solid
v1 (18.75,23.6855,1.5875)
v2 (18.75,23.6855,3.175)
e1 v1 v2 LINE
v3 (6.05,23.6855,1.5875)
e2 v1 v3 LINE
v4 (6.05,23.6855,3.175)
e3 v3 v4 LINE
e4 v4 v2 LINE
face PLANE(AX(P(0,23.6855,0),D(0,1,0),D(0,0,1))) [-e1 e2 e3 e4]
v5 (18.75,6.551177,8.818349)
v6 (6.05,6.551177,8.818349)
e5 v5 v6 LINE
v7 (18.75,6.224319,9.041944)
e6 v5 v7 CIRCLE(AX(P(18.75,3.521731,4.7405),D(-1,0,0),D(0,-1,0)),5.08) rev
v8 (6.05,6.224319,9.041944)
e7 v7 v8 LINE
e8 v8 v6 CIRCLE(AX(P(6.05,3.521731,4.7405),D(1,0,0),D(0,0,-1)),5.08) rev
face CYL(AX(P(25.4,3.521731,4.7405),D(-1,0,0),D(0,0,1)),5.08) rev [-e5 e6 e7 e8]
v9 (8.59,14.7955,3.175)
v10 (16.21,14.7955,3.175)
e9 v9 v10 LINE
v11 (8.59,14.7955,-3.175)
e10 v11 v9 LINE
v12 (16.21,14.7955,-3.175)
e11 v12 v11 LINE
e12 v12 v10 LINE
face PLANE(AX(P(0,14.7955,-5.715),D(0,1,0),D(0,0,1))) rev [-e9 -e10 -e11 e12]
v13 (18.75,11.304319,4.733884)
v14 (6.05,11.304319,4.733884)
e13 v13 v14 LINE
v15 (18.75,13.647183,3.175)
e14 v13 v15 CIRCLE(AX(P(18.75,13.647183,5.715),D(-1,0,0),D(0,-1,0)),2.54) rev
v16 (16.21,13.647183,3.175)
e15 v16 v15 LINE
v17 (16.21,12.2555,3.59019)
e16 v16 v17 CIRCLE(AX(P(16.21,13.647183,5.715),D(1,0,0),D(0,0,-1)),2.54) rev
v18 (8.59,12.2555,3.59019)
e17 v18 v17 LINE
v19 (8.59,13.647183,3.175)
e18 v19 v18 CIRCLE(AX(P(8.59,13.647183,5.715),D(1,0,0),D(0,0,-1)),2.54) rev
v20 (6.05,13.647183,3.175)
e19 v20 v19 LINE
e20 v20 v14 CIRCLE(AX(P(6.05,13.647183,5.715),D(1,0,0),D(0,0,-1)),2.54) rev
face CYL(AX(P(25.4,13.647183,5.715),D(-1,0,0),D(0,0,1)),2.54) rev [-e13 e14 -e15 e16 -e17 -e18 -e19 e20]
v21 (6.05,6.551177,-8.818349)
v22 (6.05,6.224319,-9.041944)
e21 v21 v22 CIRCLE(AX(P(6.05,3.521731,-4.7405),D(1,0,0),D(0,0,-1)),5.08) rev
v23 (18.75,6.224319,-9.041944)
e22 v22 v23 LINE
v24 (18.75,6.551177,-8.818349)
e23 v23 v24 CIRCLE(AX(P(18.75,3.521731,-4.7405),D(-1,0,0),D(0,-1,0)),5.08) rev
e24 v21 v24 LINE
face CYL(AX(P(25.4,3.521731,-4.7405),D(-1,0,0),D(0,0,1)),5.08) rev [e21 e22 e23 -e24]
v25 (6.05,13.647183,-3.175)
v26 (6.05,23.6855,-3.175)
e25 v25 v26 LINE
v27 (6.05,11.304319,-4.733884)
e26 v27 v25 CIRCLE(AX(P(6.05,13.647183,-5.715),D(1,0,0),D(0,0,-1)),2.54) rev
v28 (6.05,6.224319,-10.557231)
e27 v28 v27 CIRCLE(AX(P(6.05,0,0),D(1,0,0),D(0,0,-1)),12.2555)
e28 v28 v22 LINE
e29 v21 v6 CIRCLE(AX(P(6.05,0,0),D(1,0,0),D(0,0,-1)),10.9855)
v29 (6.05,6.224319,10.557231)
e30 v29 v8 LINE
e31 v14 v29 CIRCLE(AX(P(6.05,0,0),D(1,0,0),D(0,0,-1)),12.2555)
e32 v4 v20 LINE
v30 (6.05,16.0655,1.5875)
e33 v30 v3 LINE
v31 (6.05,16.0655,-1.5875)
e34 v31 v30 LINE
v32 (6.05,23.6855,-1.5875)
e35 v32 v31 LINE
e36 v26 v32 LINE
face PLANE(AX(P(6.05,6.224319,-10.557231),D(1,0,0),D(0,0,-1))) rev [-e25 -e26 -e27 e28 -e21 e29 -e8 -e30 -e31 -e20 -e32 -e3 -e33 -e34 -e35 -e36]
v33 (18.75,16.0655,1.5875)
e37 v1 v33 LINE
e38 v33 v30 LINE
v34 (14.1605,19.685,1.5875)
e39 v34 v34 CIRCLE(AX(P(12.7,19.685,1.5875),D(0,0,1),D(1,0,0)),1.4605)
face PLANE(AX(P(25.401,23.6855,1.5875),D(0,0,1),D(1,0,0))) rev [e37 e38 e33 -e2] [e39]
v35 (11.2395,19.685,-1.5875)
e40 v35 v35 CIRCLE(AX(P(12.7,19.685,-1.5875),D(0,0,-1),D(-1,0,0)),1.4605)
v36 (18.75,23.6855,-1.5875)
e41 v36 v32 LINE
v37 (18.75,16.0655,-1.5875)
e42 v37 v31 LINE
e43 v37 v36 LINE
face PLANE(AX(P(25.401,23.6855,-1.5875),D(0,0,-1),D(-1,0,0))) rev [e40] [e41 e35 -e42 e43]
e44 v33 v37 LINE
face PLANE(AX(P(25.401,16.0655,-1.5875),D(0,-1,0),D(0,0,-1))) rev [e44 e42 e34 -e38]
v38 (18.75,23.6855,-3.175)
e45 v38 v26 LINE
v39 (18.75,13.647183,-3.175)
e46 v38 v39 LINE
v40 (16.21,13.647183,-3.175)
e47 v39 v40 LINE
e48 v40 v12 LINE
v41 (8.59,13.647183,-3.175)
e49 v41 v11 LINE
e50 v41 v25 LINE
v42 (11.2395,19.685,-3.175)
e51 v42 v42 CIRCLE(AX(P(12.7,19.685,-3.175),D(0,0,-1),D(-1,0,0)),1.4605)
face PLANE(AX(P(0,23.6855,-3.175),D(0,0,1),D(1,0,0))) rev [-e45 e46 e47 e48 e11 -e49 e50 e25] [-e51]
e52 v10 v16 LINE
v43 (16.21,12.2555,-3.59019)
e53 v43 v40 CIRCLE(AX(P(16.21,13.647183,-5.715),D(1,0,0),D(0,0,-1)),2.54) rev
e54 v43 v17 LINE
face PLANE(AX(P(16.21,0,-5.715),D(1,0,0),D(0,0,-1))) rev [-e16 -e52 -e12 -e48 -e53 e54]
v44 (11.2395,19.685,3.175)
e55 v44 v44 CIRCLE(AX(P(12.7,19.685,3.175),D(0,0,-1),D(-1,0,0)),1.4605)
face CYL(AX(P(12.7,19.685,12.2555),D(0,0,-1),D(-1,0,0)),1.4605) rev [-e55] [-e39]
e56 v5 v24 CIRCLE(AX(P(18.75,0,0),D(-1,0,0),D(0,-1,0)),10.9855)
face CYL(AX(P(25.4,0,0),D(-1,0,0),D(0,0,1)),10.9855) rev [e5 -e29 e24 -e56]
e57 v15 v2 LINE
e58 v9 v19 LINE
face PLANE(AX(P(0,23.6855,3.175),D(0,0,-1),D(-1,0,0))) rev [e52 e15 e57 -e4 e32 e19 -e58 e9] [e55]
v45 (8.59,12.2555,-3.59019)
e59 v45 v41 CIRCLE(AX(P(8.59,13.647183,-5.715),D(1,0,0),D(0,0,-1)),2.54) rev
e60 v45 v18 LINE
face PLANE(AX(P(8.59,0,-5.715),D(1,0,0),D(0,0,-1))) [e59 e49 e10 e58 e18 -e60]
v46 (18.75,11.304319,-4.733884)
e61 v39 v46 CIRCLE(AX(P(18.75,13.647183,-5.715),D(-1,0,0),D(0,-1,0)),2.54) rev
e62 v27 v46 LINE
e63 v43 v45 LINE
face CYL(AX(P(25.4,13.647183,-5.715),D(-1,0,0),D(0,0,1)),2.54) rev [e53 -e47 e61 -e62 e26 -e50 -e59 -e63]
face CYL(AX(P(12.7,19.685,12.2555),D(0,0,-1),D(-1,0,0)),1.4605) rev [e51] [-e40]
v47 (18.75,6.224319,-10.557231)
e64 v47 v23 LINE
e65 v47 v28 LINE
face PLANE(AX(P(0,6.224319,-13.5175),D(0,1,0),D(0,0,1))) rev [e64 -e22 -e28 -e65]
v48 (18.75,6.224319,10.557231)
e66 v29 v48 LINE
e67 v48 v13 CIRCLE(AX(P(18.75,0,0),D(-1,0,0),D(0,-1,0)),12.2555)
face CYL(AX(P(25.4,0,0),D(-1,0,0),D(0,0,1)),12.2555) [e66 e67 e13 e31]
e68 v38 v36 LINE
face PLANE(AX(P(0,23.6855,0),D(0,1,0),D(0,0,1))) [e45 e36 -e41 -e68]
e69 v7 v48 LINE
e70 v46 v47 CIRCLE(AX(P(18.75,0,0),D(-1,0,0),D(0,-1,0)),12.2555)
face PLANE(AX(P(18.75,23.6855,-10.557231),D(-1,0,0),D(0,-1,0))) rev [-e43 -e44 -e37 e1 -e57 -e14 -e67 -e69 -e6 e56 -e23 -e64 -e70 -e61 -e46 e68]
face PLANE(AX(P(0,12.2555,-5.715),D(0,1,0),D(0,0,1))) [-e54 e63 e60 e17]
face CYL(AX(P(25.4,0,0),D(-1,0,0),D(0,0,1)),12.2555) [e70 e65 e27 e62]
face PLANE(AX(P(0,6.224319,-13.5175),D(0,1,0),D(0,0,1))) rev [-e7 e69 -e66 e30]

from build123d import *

# Parameters (mm, degrees)
SKETCH1_R                            = 12.2555
SKETCH1_R_2                          = 10.9855
BOSS_EXTRUDE1_DEPTH                  = 25.4
CUT_EXTRUDE1_DEPTH                   = 31.749870902
CUT_EXTRUDE1_DEPTH_BACK              = 31.749870902
SKETCH2_W                            = 7.874
SKETCH2_H                            = 0.935
SKETCH8_W                            = 25.4
SKETCH8_H                            = 6.35
BOSS_EXTRUDE2_DEPTH                  = 11.43
BOSS_EXTRUDE2_DIRECTION_2_REACH      = 39.365
BOSS_EXTRUDE2_DIRECTION_2_END_RADIUS = 12.2555
SKETCH9_R                            = 1.4605
CUT_EXTRUDE6_DEPTH                   = 39.003463533
SKETCH10_W                           = 3.175
SKETCH10_H                           = 7.62
CUT_EXTRUDE7_DEPTH                   = 25.4
FILLET2_R                            = 2.54
SKETCH11_R                           = 10.9855
CUT_EXTRUDE8_DEPTH                   = 37.82879567
SKETCH12_R                           = 1.2875
BOSS_EXTRUDE3_DEPTH                  = 2.196999908
BOSS_EXTRUDE4_START                  = -25.4
BOSS_EXTRUDE4_DEPTH                  = 25.4
FILLET3_R                            = 5.08
FILLET3_OF_MIRROR2_R                 = 5.08
CUT_EXTRUDE9_DEPTH                   = 43.697648058
CUT_EXTRUDE9_DEPTH_BACK              = 43.697648058
SKETCH13_W                           = 17.526
SKETCH13_H                           = 2.120056883
SKETCH13_W_2                         = 0.599999908
SKETCH13_H_2                         = 18.990443025
FILLET4_R                            = 5.08
CUT_EXTRUDE10_DEPTH                  = 37.861439453
CUT_EXTRUDE10_DEPTH_BACK             = 37.861439453
SKETCH17_W                           = 24.800000092
SKETCH17_H                           = 8.799318797
CUT_EXTRUDE11_DEPTH                  = 2.54
CUT_EXTRUDE11_DEPTH_BACK             = 37.940724096
SKETCH18_W                           = 7.62
SKETCH18_H                           = 1.148317315
SKETCH18_H_2                         = 1.391682685
CUT_EXTRUDE12_DEPTH                  = 36.881723087
CUT_EXTRUDE12_DEPTH_BACK             = 36.881723087
SKETCH19_W                           = 6.050000046
SKETCH19_H                           = 17.461181295


with BuildPart() as part:
    # Sketch1 → Boss-Extrude1 (new body)
    with BuildSketch(Plane(origin=(0, 0, 0), x_dir=(0, 0, -1), z_dir=(1, 0, 0))):
        Circle(SKETCH1_R)
        Circle(SKETCH1_R_2, mode=Mode.SUBTRACT)
    extrude(amount=BOSS_EXTRUDE1_DEPTH)

    # Sketch2 → Cut-Extrude1 (cut, two sides: drawn at the far end of the back side and taken through both)
    with BuildSketch(Plane(origin=(0, 0, 0), x_dir=(1, 0, 0), z_dir=(0, 1, 0)).offset(-CUT_EXTRUDE1_DEPTH_BACK)):
        with Locations((21.463, 11.788)):
            Rectangle(SKETCH2_W, SKETCH2_H)
        with Locations((21.463, -11.788)):
            Rectangle(SKETCH2_W, SKETCH2_H)
    extrude(amount=CUT_EXTRUDE1_DEPTH + CUT_EXTRUDE1_DEPTH_BACK, mode=Mode.SUBTRACT)

    # Sketch8 → Boss-Extrude2 (add)
    with BuildSketch(Plane(origin=(0, 12.2555, 0), x_dir=(1, 0, 0), z_dir=(0, 1, 0))):
        with Locations((12.7, 0)):
            Rectangle(SKETCH8_W, SKETCH8_H)
    extrude(amount=BOSS_EXTRUDE2_DEPTH)

    # Boss-Extrude2 direction 2: up to this cylinder (the profile starts outside it)
    boss_extrude2_direction_2_end = Plane(origin=(12.7, 0, 0), z_dir=(-1, 0, 0)) * Cylinder(BOSS_EXTRUDE2_DIRECTION_2_END_RADIUS, 104.241, mode=Mode.PRIVATE)
    # Sketch8 → Boss-Extrude2 direction 2 (add, up to the surface)
    with BuildSketch(Plane(origin=(0, 12.2555, 0), x_dir=(1, 0, 0), z_dir=(0, 1, 0)), mode=Mode.PRIVATE) as boss_extrude2_direction_2_sk1:
        with Locations((12.7, 0)):
            Rectangle(SKETCH8_W, SKETCH8_H)
    boss_extrude2_direction_2_tool1 = extrude(boss_extrude2_direction_2_sk1.sketch, amount=-BOSS_EXTRUDE2_DIRECTION_2_REACH, mode=Mode.PRIVATE) - boss_extrude2_direction_2_end
    add(boss_extrude2_direction_2_tool1.solids().sort_by_distance((12.7, 12.2555, 0))[0])
    add(boss_extrude2_direction_2_tool1.solids().sort_by_distance((12.7, 12.2555, 0))[1])

    # Sketch9 → Cut-Extrude6 (cut, through all)
    with BuildSketch(Plane(origin=(0, 0, -3.175), x_dir=(-1, 0, 0), z_dir=(0, 0, -1))):
        with Locations((-12.7, 19.685)):
            Circle(SKETCH9_R)
    extrude(amount=-CUT_EXTRUDE6_DEPTH, mode=Mode.SUBTRACT)

    # Sketch10 → Cut-Extrude7 (cut)
    with BuildSketch(Plane.ZY):
        with Locations((0, 19.8755)):
            Rectangle(SKETCH10_W, SKETCH10_H)
    extrude(amount=-CUT_EXTRUDE7_DEPTH, mode=Mode.SUBTRACT)

    # Fillet2
    fillet2_edges = [part.edges().sort_by_distance(p)[0] for p in [
        (12.7, 11.837088124, 3.175),
        (12.7, 11.837088124, -3.175),
    ]]
    fillet(fillet2_edges, radius=FILLET2_R)

    # Sketch11 → Cut-Extrude8 (cut, through all)
    with BuildSketch(Plane(origin=(25.4, 0, 0), x_dir=(0, 0, -1), z_dir=(1, 0, 0))):
        with BuildLine():
            ThreePointArc((-10.9855, 0), (-10.718799827, -2.405938595), (-9.931648919, -4.695056975))
            Line((-9.931648919, -4.695056975), (9.931648919, -4.695056975))
            ThreePointArc((9.931648919, -4.695056975), (10.718799827, -2.405938595), (10.9855, 0))
            Line((10.9855, 0), (-10.9855, 0))
        make_face()
        with BuildLine():
            Line((9.931648919, -4.695056975), (-9.931648919, -4.695056975))
            ThreePointArc((-9.931648919, -4.695056975), (0, -10.9855), (9.931648919, -4.695056975))
        make_face()
        Circle(SKETCH11_R)
        with BuildLine():
            Line((-11.3205, -4.695056975), (11.3205, -4.695056975))
            ThreePointArc((11.3205, -4.695056975), (0, -12.2555), (-11.3205, -4.695056975))
        make_face()
        with BuildLine():
            Line((-11.3205, -4.695056975), (-11.3205, -12.703036631))
            Line((-11.3205, -12.703036631), (11.3205, -12.703036631))
            Line((11.3205, -12.703036631), (11.3205, -4.695056975))
            ThreePointArc((11.3205, -4.695056975), (0, -12.2555), (-11.3205, -4.695056975))
        make_face()
        with BuildLine():
            Line((-10.9855, 0), (-10.9855, -4.695056975))
            Line((-10.9855, -4.695056975), (-9.931648919, -4.695056975))
            ThreePointArc((-9.931648919, -4.695056975), (-10.718799827, -2.405938595), (-10.9855, 0))
        make_face()
        with BuildLine():
            Line((9.931648919, -4.695056975), (10.9855, -4.695056975))
            Line((10.9855, -4.695056975), (10.9855, 0))
            ThreePointArc((10.9855, 0), (10.718799827, -2.405938595), (9.931648919, -4.695056975))
        make_face()
    extrude(amount=-CUT_EXTRUDE8_DEPTH, mode=Mode.SUBTRACT)

    # Sketch12 → Boss-Extrude3 (add)
    with BuildSketch(Plane(origin=(0, 0, -11.3205), x_dir=(-1, 0, 0), z_dir=(0, 0, -1))):
        with Locations(Location((-22.225, 0, 0), (0, 0, 180))):
            Circle(SKETCH12_R)
    boss_extrude3 = extrude(amount=BOSS_EXTRUDE3_DEPTH)

    # Mirror1: Boss-Extrude3 across plane
    add(boss_extrude3.mirror(Plane.XY))

    # Sketch14 → Boss-Extrude4 (add)
    with BuildSketch(Plane(origin=(25.4, 0, 0), x_dir=(0, 0, -1), z_dir=(1, 0, 0)).offset(BOSS_EXTRUDE4_START)):
        with BuildLine():
            ThreePointArc((-9.8205, 4.923310878), (-10.690283275, 2.529635102), (-10.9855, 0))
            Line((-10.9855, 0), (-10.9855, -4.695056975))
            Line((-10.9855, -4.695056975), (-9.8205, -4.695056975))
            Line((-9.8205, -4.695056975), (-9.8205, 4.923310878))
        make_face()
    boss_extrude4 = extrude(amount=BOSS_EXTRUDE4_DEPTH)

    # Fillet3
    fillet3_edges = [part.edges().sort_by_distance(p)[0] for p in [
        (12.7, 4.923310878, 9.8205),
    ]]
    fillet(fillet3_edges, radius=FILLET3_R)

    # Mirror2: Boss-Extrude4 across plane
    add(boss_extrude4.mirror(Plane.XY))

    # Fillet3 of Mirror2
    fillet3_of_mirror2_edges = [part.edges().sort_by_distance(p)[0] for p in [
        (12.7, 4.923310878, -9.8205),
    ]]
    fillet(fillet3_of_mirror2_edges, radius=FILLET3_OF_MIRROR2_R)

    # Sketch13 → Cut-Extrude9 (cut, two sides: drawn at the far end of the back side and taken through both)
    with BuildSketch(Plane(origin=(0, 0, -11.3205), x_dir=(-1, 0, 0), z_dir=(0, 0, -1)).offset(-CUT_EXTRUDE9_DEPTH_BACK)):
        with BuildLine():
            ThreePointArc((-22.225, -2.575000092), (-24.045800027, -1.820800027), (-24.800000092, 0))
            Line((-24.800000092, 0), (-24.800000092, 4.695056975))
            Line((-24.800000092, 4.695056975), (-25.4, 4.695056975))
            Line((-25.4, 4.695056975), (-25.4, -4.695056975))
            Line((-25.4, -4.695056975), (-17.526, -4.695056975))
            Line((-17.526, -4.695056975), (-17.526, -2.575000092))
            Line((-17.526, -2.575000092), (-22.225, -2.575000092))
        make_face()
        with Locations((-8.763, -3.635028533)):
            Rectangle(SKETCH13_W, SKETCH13_H)
        with Locations((-25.100000046, 14.190278488)):
            Rectangle(SKETCH13_W_2, SKETCH13_H_2)
    extrude(amount=CUT_EXTRUDE9_DEPTH + CUT_EXTRUDE9_DEPTH_BACK, mode=Mode.SUBTRACT)

    # Fillet4
    fillet4_edges = [part.edges().sort_by_distance(p)[0] for p in [
        (24.800000092, 23.6855, -2.38125),
        (24.800000092, 23.6855, 2.38125),
        (0, 23.6855, -2.38125),
        (0, 23.6855, 2.38125),
    ]]
    fillet(fillet4_edges, radius=FILLET4_R)

    # Sketch17 → Cut-Extrude10 (cut, two sides: drawn at the far end of the back side and taken through both)
    with BuildSketch(Plane.XY.offset(-CUT_EXTRUDE10_DEPTH_BACK)):
        with Locations((12.400000046, 1.824659306)):
            Rectangle(SKETCH17_W, SKETCH17_H)
    extrude(amount=CUT_EXTRUDE10_DEPTH + CUT_EXTRUDE10_DEPTH_BACK, mode=Mode.SUBTRACT)

    # Sketch18 → Cut-Extrude11 (cut, two sides: drawn at the far end of the back side and taken through both)
    with BuildSketch(Plane(origin=(0, 0, -3.175), x_dir=(-1, 0, 0), z_dir=(0, 0, -1)).offset(-CUT_EXTRUDE11_DEPTH_BACK)):
        with Locations((-12.400000046, 14.221341343)):
            Rectangle(SKETCH18_W, SKETCH18_H)
        with Locations((-12.400000046, 12.951341343)):
            Rectangle(SKETCH18_W, SKETCH18_H_2)
    extrude(amount=CUT_EXTRUDE11_DEPTH + CUT_EXTRUDE11_DEPTH_BACK, mode=Mode.SUBTRACT)

    # Sketch19 → Cut-Extrude12 (cut, two sides: drawn at the far end of the back side and taken through both)
    with BuildSketch(Plane.XY.offset(-CUT_EXTRUDE12_DEPTH_BACK)):
        with Locations((3.025000023, 14.954909352)):
            Rectangle(SKETCH19_W, SKETCH19_H)
        with Locations((21.775000069, 14.954909352)):
            Rectangle(SKETCH19_W, SKETCH19_H)
    extrude(amount=CUT_EXTRUDE12_DEPTH + CUT_EXTRUDE12_DEPTH_BACK, mode=Mode.SUBTRACT)


solid = part.part
